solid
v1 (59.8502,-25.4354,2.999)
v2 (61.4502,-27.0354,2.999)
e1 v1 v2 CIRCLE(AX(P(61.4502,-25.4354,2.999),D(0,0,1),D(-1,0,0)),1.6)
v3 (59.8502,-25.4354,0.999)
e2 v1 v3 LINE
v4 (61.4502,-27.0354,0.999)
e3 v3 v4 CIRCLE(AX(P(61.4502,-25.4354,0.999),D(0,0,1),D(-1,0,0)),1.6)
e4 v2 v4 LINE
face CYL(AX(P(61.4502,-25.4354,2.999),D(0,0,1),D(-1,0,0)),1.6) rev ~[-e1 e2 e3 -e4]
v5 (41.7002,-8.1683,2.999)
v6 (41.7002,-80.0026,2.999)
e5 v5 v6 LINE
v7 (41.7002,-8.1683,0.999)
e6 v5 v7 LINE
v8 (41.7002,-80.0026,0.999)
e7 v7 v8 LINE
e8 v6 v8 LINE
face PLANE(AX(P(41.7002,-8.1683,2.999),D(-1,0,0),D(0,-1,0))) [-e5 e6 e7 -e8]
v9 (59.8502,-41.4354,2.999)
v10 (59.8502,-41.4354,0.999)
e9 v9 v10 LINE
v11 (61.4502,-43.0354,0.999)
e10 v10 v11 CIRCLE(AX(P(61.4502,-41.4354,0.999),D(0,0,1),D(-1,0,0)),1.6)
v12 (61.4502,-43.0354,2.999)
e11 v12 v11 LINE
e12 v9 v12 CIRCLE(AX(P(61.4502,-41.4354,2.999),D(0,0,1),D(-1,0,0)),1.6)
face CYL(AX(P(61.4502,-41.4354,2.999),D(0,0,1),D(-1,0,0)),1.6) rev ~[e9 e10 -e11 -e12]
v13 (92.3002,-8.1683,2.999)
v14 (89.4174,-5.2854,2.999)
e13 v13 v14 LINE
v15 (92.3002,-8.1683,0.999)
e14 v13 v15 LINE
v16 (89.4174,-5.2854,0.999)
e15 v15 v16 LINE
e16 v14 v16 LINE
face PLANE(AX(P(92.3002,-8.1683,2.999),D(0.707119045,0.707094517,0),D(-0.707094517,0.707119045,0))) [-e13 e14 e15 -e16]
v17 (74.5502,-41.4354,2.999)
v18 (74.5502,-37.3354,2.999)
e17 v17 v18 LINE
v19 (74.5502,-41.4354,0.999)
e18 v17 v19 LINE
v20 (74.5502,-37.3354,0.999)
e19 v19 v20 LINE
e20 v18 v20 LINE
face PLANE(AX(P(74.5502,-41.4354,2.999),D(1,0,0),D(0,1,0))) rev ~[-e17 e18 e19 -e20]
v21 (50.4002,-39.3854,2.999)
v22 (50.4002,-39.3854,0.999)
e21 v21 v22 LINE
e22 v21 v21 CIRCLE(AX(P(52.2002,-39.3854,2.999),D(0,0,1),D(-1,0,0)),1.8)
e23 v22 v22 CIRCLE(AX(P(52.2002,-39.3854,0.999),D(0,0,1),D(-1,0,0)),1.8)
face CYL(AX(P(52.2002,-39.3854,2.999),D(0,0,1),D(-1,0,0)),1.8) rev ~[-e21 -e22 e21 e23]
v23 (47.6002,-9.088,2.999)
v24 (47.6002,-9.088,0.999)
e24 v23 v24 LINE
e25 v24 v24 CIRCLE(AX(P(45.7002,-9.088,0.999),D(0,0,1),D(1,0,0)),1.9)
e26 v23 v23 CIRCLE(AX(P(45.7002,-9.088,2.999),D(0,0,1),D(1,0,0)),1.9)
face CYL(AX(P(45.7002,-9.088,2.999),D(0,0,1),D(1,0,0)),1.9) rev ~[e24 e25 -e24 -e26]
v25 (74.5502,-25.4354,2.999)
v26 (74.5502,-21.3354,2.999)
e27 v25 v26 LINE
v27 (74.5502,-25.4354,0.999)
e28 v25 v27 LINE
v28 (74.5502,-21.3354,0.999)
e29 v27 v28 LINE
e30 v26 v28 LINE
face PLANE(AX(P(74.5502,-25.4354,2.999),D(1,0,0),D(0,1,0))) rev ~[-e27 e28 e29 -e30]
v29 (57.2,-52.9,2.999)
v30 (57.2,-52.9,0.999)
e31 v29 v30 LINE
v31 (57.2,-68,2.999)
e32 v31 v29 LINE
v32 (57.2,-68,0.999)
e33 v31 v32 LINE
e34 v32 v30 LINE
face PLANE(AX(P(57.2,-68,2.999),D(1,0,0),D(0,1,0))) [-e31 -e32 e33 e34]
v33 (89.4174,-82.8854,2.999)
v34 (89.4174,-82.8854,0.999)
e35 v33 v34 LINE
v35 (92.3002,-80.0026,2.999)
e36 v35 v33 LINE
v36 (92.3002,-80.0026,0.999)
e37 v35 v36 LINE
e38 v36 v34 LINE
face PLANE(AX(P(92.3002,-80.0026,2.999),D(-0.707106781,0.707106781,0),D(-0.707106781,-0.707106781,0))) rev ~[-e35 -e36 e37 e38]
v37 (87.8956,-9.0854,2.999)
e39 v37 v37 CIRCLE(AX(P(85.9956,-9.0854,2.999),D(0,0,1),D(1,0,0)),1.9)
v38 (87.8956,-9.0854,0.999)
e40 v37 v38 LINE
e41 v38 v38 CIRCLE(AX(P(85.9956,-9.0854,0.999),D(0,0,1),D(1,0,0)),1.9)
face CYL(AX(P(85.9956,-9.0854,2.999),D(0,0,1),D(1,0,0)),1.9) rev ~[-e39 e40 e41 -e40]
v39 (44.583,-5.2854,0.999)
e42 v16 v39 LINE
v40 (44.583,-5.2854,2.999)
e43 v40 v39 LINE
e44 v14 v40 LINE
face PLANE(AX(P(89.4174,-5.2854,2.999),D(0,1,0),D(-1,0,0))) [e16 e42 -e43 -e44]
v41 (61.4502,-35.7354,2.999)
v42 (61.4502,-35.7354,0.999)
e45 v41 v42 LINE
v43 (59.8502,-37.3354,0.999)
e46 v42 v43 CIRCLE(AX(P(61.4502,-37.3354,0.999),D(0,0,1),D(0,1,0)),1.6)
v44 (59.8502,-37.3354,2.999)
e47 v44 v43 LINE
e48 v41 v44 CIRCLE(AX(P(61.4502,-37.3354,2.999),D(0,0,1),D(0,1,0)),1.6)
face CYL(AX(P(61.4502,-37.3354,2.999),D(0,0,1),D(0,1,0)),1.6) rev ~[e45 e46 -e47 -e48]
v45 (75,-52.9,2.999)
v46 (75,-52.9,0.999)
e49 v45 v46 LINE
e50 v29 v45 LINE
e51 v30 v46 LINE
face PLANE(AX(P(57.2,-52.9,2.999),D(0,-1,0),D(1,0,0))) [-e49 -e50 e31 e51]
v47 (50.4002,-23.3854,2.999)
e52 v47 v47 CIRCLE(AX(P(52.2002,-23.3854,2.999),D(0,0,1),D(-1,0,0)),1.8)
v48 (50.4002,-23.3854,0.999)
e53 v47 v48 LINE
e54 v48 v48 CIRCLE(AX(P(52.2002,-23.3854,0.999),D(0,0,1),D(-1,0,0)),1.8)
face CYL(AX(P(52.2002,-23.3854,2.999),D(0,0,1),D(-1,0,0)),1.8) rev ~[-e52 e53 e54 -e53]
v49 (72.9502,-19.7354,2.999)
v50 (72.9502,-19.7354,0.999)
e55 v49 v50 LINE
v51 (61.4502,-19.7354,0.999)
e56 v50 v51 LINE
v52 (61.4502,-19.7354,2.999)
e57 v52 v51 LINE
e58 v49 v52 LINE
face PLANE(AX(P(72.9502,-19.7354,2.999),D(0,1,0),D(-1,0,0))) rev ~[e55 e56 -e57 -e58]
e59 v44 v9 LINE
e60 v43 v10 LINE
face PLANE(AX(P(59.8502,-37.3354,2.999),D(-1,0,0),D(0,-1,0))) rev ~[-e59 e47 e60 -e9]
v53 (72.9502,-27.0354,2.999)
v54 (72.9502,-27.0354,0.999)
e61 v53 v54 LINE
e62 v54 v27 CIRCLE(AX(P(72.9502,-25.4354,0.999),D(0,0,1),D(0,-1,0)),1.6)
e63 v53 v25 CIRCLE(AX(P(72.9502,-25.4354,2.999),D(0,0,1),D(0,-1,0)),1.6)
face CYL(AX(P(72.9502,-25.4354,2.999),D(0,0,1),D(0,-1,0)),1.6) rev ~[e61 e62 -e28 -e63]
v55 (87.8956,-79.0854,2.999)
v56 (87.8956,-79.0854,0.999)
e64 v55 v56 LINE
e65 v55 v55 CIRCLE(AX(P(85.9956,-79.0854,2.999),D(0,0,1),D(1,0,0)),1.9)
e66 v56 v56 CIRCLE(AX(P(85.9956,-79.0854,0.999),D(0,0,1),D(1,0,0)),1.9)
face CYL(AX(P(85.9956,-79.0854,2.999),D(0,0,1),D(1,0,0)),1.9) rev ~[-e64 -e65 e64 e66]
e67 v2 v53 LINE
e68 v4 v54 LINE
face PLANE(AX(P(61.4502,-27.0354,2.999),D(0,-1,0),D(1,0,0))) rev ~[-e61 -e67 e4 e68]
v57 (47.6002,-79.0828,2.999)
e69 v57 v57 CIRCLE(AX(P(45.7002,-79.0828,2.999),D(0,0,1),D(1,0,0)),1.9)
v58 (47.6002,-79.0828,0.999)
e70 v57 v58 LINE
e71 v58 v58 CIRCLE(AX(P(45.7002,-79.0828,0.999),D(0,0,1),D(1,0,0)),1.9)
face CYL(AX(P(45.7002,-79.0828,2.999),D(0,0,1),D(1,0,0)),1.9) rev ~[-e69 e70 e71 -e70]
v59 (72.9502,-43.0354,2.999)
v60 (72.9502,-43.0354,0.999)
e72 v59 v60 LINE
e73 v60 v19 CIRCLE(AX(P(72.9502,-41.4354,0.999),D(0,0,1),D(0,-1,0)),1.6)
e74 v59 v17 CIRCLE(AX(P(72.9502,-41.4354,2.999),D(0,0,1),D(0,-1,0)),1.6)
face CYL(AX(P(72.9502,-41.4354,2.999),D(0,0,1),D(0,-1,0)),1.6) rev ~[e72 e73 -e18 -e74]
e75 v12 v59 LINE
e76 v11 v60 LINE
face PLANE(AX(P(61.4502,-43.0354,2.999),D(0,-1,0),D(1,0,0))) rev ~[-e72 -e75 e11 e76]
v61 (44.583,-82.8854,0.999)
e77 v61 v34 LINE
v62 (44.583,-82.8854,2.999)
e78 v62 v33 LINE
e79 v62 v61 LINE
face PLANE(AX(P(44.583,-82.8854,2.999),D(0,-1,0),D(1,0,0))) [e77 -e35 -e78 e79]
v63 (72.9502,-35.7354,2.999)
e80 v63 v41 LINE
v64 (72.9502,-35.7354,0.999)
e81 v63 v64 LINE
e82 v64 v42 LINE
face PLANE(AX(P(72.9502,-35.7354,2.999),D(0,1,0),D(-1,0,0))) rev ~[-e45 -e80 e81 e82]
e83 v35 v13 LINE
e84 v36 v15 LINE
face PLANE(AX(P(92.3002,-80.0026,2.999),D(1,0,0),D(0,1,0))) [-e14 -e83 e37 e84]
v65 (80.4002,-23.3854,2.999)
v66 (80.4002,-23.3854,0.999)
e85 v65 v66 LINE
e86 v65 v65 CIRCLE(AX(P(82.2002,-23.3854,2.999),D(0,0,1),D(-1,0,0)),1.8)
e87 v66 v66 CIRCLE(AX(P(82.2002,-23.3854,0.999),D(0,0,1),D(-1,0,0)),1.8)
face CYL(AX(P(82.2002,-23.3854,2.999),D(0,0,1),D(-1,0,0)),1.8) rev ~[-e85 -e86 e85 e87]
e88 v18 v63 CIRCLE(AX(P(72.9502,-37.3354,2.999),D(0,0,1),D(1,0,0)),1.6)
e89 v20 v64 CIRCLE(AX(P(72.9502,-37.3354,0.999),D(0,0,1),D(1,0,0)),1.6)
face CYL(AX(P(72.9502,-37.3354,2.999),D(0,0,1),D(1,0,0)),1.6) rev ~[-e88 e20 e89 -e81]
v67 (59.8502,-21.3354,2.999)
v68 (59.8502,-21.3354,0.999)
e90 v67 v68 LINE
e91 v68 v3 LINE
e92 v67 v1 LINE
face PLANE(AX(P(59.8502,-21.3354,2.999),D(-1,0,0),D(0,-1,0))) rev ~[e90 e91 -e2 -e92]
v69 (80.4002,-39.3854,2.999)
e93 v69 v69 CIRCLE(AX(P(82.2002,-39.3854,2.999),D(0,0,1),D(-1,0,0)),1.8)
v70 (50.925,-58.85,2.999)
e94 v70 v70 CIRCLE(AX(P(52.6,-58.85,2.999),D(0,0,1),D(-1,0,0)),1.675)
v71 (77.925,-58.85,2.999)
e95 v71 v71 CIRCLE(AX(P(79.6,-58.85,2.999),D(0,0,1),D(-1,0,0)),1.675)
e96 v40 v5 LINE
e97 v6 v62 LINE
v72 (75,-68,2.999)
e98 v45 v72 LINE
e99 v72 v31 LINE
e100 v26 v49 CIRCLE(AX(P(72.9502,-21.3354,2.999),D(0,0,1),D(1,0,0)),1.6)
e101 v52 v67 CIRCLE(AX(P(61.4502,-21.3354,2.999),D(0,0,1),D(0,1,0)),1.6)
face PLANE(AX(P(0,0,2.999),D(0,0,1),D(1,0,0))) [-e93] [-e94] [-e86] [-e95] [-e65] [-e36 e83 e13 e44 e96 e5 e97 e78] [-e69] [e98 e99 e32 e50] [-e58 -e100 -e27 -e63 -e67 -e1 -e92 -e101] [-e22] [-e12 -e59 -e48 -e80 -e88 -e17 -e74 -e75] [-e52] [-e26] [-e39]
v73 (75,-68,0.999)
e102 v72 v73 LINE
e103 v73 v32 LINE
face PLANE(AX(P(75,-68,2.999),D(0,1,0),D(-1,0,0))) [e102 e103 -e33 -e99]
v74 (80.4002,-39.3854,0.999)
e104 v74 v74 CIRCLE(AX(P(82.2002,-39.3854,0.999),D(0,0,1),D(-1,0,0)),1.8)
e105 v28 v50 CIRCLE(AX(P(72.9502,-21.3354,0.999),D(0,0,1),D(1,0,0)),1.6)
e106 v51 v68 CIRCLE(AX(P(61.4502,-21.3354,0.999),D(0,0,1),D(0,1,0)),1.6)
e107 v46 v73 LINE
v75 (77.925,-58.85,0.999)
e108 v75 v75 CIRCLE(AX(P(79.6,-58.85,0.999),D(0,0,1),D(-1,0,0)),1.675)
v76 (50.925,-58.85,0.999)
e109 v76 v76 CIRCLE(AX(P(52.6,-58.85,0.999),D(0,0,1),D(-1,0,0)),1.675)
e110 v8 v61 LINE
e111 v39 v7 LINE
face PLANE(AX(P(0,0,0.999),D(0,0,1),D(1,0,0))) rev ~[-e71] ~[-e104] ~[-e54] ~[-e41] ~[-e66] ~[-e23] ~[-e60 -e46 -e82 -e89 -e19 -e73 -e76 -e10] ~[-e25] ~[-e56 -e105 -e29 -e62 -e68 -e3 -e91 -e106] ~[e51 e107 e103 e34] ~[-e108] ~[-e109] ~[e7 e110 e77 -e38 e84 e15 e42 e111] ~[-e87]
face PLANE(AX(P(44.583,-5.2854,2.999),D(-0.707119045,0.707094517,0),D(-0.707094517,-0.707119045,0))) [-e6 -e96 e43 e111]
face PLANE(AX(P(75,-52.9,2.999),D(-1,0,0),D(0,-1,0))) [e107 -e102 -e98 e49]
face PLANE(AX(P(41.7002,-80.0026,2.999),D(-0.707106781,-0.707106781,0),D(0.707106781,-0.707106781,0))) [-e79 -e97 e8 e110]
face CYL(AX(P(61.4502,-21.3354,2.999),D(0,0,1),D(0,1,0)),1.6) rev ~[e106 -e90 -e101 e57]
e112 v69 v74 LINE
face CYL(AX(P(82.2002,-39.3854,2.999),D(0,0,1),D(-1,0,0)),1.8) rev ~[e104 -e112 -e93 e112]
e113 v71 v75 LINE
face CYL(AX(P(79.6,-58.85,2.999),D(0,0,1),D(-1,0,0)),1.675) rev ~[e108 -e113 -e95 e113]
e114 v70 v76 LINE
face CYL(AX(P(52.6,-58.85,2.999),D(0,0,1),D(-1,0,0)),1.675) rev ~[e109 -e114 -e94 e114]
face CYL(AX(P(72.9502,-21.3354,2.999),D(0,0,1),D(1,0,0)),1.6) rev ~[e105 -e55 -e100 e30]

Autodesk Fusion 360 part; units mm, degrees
ref_plane "WorkPlane2" through (0, 0, 2.999) normal (0, 0, 1) x (1, 0, 0)
sketch "Sketch4" plane through (0, 0, 2.999) normal (0, 0, 1) x (1, 0, 0)
  line L0 (92.5002, -5.0854) -> (92.4954, -5.0854)
  line L1 (89.5002, -5.0854) -> (44.5002, -5.0854) construction
  line L2 (44.5002, -5.0854) -> (41.5002, -8.0854) construction
  line L3 (41.5002, -8.0854) -> (41.5002, -80.0854) construction
  line L4 (41.5002, -80.0854) -> (44.5002, -83.0854) construction
  line L5 (44.5002, -83.0854) -> (89.5002, -83.0854) construction
  line L6 (92.5002, -80.0854) -> (92.5002, -8.0854) construction
  line L7 (86.0002, -79.0854) -> (86.0002, -83.0854) construction
  line L8 (86.0002, -79.0854) -> (92.5002, -79.0854) construction
  line L9 (86.0002, -79.0854) -> (45.705, -79.088) construction
  line L10 (45.7002, -79.0828) -> (41.5002, -79.0831) construction
  line L11 (45.7002, -9.088) -> (45.7002, -5.0854) construction
  line L12 (45.7002, -9.088) -> (45.705, -79.088) construction
  line L13 (45.6956, -9.088) -> (85.9956, -9.0854) construction
  line L14 (85.9956, -9.0854) -> (92.5002, -9.0854) construction
  line L15 (85.9956, -9.0854) -> (85.9956, -5.0854) construction
  line L16 (85.9956, -79.0854) -> (85.9931, -9.0854) construction
  line L17 (92.5002, -80.0854) -> (89.5002, -83.0854) construction
  line L18 (92.5002, -8.0854) -> (89.5002, -5.0854) construction
  line L19 (44.583, -82.8854) -> (89.4174, -82.8854)
  line L20 (92.3002, -80.0026) -> (89.4174, -82.8854)
  line L21 (92.3002, -80.0026) -> (92.3002, -8.1683)
  line L22 (92.3002, -8.1683) -> (89.4174, -5.2854)
  line L23 (89.4174, -5.2854) -> (44.583, -5.2854)
  line L24 (44.583, -5.2854) -> (41.7002, -8.1683)
  line L25 (41.7002, -8.1683) -> (41.7002, -80.0026)
  line L26 (41.7002, -80.0026) -> (44.583, -82.8854)
  circle A0 centre (85.9956, -9.0854) radius 1.9
  circle A1 centre (45.7002, -9.088) radius 1.9
  circle A2 centre (85.9956, -79.0854) radius 1.9
  circle A3 centre (45.7002, -79.0828) radius 1.9
  line L27 (92.5002, -44.0854) -> (41.5002, -44.0854) construction
  point P0 (92.5002, -83.0854)
  point P1 (92.5002, -5.0854)
  dimension "d34" = 6.5
  dimension "d35" = 4
  dimension "d36" = 4.2
  dimension "d37" = 40.2952
  dimension "d38" = 4
  dimension "d39" = 3
  dimension "d40" = 3
  dimension "d43" = 78
  dimension "d44" = 3
  dimension "d45" = 3
  dimension "d46" = 3
  dimension "d47" = 3
  dimension "d48" = 3
  dimension "d49" = 3
  dimension "d50" = -0.2
  dimension "d53" = 3.8
  dimension "d54" = 3.8
  dimension "d55" = 3.8
  dimension "d56" = 3.8
  dimension "d57" = 51
extrude "Extrude11" add sketch "Sketch4" against normal blind 2
sketch "Sketch5" plane through (0, 0, 2.999) normal (0, 0, 1) x (-1, 0, 0)
  circle A0 centre (-85.9956, 9.0854) radius 1.9
  circle A1 centre (-45.7002, 79.0828) radius 1.9
  circle A2 centre (-85.9956, 79.0854) radius 1.9
  circle A3 centre (-45.7002, 9.088) radius 1.9
  line L0 (-92.3002, 80.0026) -> (-92.3002, 8.1683)
  line L1 (-92.3002, 8.1683) -> (-89.4174, 5.2854)
  line L2 (-89.4174, 5.2854) -> (-44.583, 5.2854)
  line L3 (-44.583, 5.2854) -> (-41.7002, 8.1683)
  line L4 (-41.7002, 8.1683) -> (-41.7002, 80.0026)
  line L5 (-41.7002, 80.0026) -> (-44.583, 82.8854)
  line L6 (-44.583, 82.8854) -> (-89.4174, 82.8854)
  line L7 (-89.4174, 82.8854) -> (-92.3002, 80.0026)
  arc A4 (-74.5502, 21.3354) -> (-72.9502, 19.7354) centre (-72.9502, 21.3354) ccw
  line L8 (-67.2002, 23.3854) -> (-52.2002, 23.3854) construction
  line L9 (-87.2002, 30.8854) -> (-87.2002, 15.8854)
  line L10 (-87.2002, 15.8854) -> (-47.2002, 30.8854) construction
  line L11 (-72.9502, 19.7354) -> (-61.4502, 19.7354)
  arc A5 (-59.8502, 25.4354) -> (-61.4502, 27.0354) centre (-61.4502, 25.4354) ccw
  line L12 (-61.4502, 27.0354) -> (-72.9502, 27.0354)
  line L13 (-74.5502, 19.7354) -> (-59.8502, 27.0354) construction
  circle A6 centre (-52.2002, 23.3854) radius 1.8
  arc A7 (-72.9502, 27.0354) -> (-74.5502, 25.4354) centre (-72.9502, 25.4354) ccw
  line L14 (-87.2002, 15.8854) -> (-47.2002, 15.8854)
  line L15 (-47.2002, 30.8854) -> (-87.2002, 30.8854)
  circle A8 centre (-82.2002, 23.3854) radius 1.8
  line L16 (-74.5502, 25.4354) -> (-74.5502, 21.3354)
  line L17 (-47.2002, 15.8854) -> (-87.2002, 30.8854) construction
  line L18 (-59.8502, 19.7354) -> (-74.5502, 27.0354) construction
  line L19 (-59.8502, 21.3354) -> (-59.8502, 25.4354)
  line L20 (-47.2002, 15.8854) -> (-47.2002, 30.8854)
  arc A9 (-61.4502, 19.7354) -> (-59.8502, 21.3354) centre (-61.4502, 21.3354) ccw
  line L21 (-67.2002, 30.8854) -> (-67.2002, 23.3854) construction
  line L22 (-47.2002, 46.8854) -> (-87.2002, 46.8854)
  line L23 (-87.2002, 46.8854) -> (-87.2002, 31.8854)
  line L24 (-87.2002, 31.8854) -> (-47.2002, 31.8854)
  line L25 (-47.2002, 31.8854) -> (-47.2002, 46.8854)
  line L26 (-59.8502, 37.3354) -> (-59.8502, 41.4354)
  arc A10 (-59.8502, 41.4354) -> (-61.4502, 43.0354) centre (-61.4502, 41.4354) ccw
  line L27 (-61.4502, 43.0354) -> (-72.9502, 43.0354)
  arc A11 (-72.9502, 43.0354) -> (-74.5502, 41.4354) centre (-72.9502, 41.4354) ccw
  line L28 (-74.5502, 41.4354) -> (-74.5502, 37.3354)
  arc A12 (-74.5502, 37.3354) -> (-72.9502, 35.7354) centre (-72.9502, 37.3354) ccw
  arc A13 (-61.4502, 35.7354) -> (-59.8502, 37.3354) centre (-61.4502, 37.3354) ccw
  line L29 (-72.9502, 35.7354) -> (-61.4502, 35.7354)
  circle A14 centre (-52.2002, 39.3854) radius 1.8
  circle A15 centre (-82.2002, 39.3854) radius 1.8
  line L30 (-75, 52.9) -> (-75, 68)
  line L31 (-66.1, 60.45) -> (-66.1, 58.85) construction
  line L32 (-57.2, 52.9) -> (-75, 68) construction
  line L33 (-75, 52.9) -> (-57.2, 68) construction
  line L34 (-57.2, 52.9) -> (-75, 52.9)
  line L35 (-75, 68) -> (-57.2, 68)
  line L36 (-48.6, 72.95) -> (-83.6, 47.95) construction
  line L37 (-48.6, 47.95) -> (-48.6, 72.95)
  line L38 (-57.2, 68) -> (-57.2, 52.9)
  circle A16 centre (-52.6, 58.85) radius 1.675
  line L39 (-79.6, 58.85) -> (-52.6, 58.85) construction
  line L40 (-83.6, 72.95) -> (-48.6, 47.95) construction
  line L41 (-48.6, 72.95) -> (-83.6, 72.95)
  circle A17 centre (-79.6, 58.85) radius 1.675
  line L42 (-83.6, 72.95) -> (-83.6, 47.95)
  line L43 (-83.6, 47.95) -> (-48.6, 47.95)
  line L44 (-66.1, 60.45) -> (-61, 60.45) construction
  point P0 (-67.2002, 25.3854)
  point P1 (-67.2002, 23.3854)
  point P2 (-75, 68)
  point P3 (-66.1, 60.45)
  dimension "d555" = 14.7
  dimension "d556" = 7.3
  dimension "d557" = 1.6
  dimension "d558" = 1.6
  dimension "d559" = 1.6
  dimension "d560" = 1.6
  dimension "d561" = 15
  dimension "d562" = 3.6
  dimension "d240" = 15
  dimension "d241" = 40
  dimension "d68" = 1.6
  dimension "d69" = 1.6
  dimension "d70" = 1.6
  dimension "d71" = 1.6
  dimension "d72" = 3.6
  dimension "d73" = 15
  dimension "d74" = 40
  dimension "d596" = 3.35
  dimension "d597" = 3.35
  dimension "d244" = 1.6
  dimension "d245" = 15.1
  dimension "d246" = 17.8
  dimension "d247" = 27
  dimension "d248" = 35
  dimension "d249" = 25
extrude "Extrude12" cut sketch "Sketch5" against normal blind 2 contours A4 L11 A5 L12 A7 L16 L19 A9 | A6 | A8 | L26 A10 L27 A11 L28 A12 A13 L29 | A14 | A15 | L30 L34 L35 L38 | A16 | A17
equation "d39 = d40"
equation "d40 = d44"
equation "d45 = d44"
equation "d46 = d44"
equation "d47 = d46"
equation "d48 = d44"
equation "d49 = d48"
equation "d53 = d55"
equation "d54 = d55"
equation "d56 = d55"
equation "d558 = d557"
equation "d559 = d557"
equation "d560 = d557"
equation "d69 = d557"
equation "d70 = d557"
equation "d71 = d557"
equation "d596 = M3_hole_dia_Ref"
equation "d597 = M3_hole_dia_Ref"
